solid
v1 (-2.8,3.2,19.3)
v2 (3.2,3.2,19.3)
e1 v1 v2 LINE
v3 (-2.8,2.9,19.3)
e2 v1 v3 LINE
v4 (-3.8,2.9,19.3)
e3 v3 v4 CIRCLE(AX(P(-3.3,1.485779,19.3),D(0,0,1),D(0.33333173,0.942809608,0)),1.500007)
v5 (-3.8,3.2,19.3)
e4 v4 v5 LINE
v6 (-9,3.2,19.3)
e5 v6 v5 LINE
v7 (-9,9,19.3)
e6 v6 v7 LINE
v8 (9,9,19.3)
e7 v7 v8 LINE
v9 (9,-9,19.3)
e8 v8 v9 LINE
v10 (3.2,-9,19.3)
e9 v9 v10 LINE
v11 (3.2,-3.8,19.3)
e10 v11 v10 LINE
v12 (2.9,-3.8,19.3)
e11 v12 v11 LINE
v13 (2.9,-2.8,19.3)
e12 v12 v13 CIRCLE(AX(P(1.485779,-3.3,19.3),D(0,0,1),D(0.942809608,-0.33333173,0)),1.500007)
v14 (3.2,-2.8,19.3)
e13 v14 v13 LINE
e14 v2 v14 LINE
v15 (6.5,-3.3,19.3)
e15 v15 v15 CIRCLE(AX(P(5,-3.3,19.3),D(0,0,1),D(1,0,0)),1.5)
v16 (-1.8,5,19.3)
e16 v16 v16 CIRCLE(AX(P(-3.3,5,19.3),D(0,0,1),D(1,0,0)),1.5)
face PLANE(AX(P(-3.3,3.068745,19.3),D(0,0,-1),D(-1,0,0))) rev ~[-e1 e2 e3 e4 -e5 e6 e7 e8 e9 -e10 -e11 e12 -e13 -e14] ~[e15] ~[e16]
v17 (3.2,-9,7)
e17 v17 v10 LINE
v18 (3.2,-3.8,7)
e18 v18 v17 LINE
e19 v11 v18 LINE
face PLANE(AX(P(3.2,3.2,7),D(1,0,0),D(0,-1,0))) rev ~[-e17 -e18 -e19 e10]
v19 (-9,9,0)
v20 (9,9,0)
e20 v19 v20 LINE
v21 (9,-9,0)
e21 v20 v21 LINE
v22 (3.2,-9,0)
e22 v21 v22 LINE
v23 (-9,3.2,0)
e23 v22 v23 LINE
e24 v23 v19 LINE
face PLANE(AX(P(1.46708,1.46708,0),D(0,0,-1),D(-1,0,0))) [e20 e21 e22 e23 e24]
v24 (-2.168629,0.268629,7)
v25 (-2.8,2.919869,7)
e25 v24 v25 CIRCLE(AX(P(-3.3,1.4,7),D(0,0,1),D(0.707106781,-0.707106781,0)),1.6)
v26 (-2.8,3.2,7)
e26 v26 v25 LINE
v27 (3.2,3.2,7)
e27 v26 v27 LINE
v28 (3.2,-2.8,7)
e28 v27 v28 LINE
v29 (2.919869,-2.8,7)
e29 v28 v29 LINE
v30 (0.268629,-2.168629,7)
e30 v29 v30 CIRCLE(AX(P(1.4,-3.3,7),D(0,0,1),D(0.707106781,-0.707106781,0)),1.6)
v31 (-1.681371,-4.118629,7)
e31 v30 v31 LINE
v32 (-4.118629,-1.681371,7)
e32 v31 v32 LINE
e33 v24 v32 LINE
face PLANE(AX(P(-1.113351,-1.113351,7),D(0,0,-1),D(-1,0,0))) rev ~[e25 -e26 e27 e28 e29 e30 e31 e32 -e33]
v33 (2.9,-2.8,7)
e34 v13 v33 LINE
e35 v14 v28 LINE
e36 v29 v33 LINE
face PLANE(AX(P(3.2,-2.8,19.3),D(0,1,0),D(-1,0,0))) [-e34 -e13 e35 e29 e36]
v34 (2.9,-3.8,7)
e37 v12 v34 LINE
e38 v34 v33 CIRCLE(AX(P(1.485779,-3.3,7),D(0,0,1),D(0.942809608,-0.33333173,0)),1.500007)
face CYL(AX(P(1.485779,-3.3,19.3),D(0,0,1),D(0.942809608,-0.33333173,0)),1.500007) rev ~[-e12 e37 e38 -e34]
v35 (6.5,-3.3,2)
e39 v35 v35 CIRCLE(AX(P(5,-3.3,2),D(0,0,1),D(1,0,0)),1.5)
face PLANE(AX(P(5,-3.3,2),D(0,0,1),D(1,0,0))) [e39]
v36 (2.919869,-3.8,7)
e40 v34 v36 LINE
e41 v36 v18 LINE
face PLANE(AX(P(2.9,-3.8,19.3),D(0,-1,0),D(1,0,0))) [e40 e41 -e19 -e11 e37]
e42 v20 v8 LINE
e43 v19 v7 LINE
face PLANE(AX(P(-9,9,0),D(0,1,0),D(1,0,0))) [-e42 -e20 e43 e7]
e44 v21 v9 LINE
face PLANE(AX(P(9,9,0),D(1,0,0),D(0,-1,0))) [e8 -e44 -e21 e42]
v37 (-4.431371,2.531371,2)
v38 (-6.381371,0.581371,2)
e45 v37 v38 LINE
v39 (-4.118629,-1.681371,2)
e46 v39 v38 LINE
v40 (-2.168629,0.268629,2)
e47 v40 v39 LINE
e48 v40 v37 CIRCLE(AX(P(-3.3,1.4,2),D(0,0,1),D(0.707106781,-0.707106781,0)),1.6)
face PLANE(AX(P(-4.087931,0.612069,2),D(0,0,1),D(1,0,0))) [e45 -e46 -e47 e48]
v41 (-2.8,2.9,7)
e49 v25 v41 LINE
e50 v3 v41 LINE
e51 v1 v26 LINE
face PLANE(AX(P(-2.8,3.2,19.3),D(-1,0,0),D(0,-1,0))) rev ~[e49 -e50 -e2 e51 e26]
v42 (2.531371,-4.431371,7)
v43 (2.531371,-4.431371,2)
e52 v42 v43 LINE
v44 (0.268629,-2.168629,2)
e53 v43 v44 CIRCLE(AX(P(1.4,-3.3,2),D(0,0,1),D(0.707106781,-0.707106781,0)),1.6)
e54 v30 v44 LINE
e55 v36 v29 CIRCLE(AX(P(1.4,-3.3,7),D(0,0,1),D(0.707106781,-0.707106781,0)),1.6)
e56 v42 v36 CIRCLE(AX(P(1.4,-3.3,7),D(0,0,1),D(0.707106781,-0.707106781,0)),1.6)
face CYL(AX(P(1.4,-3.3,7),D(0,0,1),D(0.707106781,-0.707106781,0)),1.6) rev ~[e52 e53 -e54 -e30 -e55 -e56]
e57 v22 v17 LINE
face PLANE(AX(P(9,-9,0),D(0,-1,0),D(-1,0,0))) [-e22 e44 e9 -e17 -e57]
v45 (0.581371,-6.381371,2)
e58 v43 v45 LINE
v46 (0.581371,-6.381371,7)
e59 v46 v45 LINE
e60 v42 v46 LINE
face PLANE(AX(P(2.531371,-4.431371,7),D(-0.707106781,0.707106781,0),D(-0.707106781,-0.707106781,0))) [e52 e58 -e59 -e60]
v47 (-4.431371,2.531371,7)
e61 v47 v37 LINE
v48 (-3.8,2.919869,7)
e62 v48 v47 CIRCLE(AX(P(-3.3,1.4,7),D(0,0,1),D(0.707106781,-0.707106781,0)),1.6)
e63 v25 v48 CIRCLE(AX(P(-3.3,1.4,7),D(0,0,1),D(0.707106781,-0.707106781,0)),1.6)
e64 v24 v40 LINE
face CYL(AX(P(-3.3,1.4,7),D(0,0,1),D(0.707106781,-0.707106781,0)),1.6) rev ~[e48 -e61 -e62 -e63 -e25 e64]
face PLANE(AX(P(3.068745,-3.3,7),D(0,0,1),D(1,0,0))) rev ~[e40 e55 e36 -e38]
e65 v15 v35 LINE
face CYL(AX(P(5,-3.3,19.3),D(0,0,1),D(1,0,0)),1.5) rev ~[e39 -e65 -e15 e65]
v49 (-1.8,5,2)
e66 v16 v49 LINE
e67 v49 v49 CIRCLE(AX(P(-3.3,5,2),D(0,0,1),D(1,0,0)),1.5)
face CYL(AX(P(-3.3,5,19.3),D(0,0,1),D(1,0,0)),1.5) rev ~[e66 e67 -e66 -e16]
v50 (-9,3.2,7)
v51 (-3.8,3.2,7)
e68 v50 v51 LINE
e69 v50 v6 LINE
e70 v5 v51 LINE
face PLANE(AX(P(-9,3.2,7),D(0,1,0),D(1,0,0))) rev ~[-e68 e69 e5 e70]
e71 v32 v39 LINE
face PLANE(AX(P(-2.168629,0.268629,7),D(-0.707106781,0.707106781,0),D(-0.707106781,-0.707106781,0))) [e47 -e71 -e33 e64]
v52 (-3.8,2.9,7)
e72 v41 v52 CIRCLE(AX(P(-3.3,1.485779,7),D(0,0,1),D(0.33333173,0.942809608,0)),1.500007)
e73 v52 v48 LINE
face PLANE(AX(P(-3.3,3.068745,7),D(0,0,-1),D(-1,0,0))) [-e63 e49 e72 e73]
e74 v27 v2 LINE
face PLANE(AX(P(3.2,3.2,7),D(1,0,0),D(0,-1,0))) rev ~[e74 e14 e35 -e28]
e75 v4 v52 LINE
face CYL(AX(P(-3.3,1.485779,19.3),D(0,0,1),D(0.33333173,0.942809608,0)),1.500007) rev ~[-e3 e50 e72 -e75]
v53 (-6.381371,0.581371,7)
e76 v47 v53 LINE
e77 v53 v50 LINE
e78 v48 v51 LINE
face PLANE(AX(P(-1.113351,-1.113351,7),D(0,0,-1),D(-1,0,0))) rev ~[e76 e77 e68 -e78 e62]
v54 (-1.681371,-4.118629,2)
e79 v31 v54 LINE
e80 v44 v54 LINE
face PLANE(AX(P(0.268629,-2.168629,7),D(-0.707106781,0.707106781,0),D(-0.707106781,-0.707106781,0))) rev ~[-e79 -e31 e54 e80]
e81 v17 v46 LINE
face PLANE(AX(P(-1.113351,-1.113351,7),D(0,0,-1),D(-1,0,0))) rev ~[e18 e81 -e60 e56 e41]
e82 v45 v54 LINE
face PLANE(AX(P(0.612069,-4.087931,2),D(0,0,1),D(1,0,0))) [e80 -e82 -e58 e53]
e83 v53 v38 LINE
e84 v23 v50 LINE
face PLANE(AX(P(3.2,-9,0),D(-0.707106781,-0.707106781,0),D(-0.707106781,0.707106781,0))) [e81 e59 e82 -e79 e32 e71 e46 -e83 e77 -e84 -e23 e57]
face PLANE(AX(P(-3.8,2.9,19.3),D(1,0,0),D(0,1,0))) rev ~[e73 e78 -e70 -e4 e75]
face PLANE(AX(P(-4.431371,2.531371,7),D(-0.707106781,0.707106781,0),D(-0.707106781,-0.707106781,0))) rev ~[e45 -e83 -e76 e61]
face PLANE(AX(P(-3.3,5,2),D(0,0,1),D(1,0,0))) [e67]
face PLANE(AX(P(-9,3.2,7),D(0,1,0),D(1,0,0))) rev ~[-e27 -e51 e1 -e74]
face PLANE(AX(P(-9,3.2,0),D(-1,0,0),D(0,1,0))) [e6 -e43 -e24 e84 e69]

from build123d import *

# Parameters (mm, degrees)
PAD_DEPTH       = 19.3
POCKET_DEPTH    = 12.301
POCKET002_DEPTH = 5
SKETCH003_R     = 1.5
POCKET003_DEPTH = 17.3
PAD001_DEPTH    = 12.3


with BuildPart() as part:
    # Sketch → Pad (new body)
    with BuildSketch(Plane.XY):
        Polygon((-9, 3.2), (-9, 9), (9, 9), (9, -9), (3.2, -9), align=None)
    extrude(amount=PAD_DEPTH)

    # Sketch001 (on DatumPlane) → Pocket (cut, through all)
    with BuildSketch(Plane.XY.offset(7)):
        Polygon((-9, 3.2), (3.2, 3.2), (3.2, -9), align=None)
    extrude(amount=POCKET_DEPTH, mode=Mode.SUBTRACT)

    # Sketch002 (on DatumPlane) → Pocket002 (cut)
    with BuildSketch(Plane.XY.offset(7)):
        with BuildLine():
            ThreePointArc((-2.168629, 0.268629), (-2.168629, 2.531371), (-4.431371, 2.531371))
            Line((-4.431371, 2.531371), (-6.694113, 0.268629))
            Line((-4.431371, -1.994113), (-6.694113, 0.268629))
            Line((-2.168629, 0.268629), (-4.431371, -1.994113))
        make_face()
        with BuildLine():
            ThreePointArc((2.531371, -4.431371), (2.531371, -2.168629), (0.268629, -2.168629))
            Line((0.268629, -2.168629), (-1.994113, -4.431371))
            Line((0.268629, -6.694113), (-1.994113, -4.431371))
            Line((2.531371, -4.431371), (0.268629, -6.694113))
        make_face()
    extrude(amount=-POCKET002_DEPTH, mode=Mode.SUBTRACT)

    # Sketch003 (on DatumPlane) → Pocket003 (cut)
    with BuildSketch(Plane.XY.offset(19.3)):
        with Locations((-3.3, 5)):
            Circle(SKETCH003_R)
        with Locations((5, -3.3)):
            Circle(SKETCH003_R)
    extrude(amount=-POCKET003_DEPTH, mode=Mode.SUBTRACT)

    # Sketch004 (on DatumPlane) → Pad001 (join)
    with BuildSketch(Plane.XY.offset(19.3)):
        with BuildLine():
            Line((-3.8, 3.2), (-2.8, 3.2))
            Line((-2.8, 3.2), (-2.8, 2.9))
            ThreePointArc((-2.8, 2.9), (-3.3, 2.985786), (-3.8, 2.9))
            Line((-3.8, 2.9), (-3.8, 3.2))
        make_face()
        with BuildLine():
            Line((3.2, -2.8), (2.9, -2.8))
            ThreePointArc((2.9, -3.8), (2.985786, -3.3), (2.9, -2.8))
            Line((2.9, -3.8), (3.2, -3.8))
            Line((3.2, -3.8), (3.2, -2.8))
        make_face()
    extrude(amount=-PAD001_DEPTH)


solid = part.part
